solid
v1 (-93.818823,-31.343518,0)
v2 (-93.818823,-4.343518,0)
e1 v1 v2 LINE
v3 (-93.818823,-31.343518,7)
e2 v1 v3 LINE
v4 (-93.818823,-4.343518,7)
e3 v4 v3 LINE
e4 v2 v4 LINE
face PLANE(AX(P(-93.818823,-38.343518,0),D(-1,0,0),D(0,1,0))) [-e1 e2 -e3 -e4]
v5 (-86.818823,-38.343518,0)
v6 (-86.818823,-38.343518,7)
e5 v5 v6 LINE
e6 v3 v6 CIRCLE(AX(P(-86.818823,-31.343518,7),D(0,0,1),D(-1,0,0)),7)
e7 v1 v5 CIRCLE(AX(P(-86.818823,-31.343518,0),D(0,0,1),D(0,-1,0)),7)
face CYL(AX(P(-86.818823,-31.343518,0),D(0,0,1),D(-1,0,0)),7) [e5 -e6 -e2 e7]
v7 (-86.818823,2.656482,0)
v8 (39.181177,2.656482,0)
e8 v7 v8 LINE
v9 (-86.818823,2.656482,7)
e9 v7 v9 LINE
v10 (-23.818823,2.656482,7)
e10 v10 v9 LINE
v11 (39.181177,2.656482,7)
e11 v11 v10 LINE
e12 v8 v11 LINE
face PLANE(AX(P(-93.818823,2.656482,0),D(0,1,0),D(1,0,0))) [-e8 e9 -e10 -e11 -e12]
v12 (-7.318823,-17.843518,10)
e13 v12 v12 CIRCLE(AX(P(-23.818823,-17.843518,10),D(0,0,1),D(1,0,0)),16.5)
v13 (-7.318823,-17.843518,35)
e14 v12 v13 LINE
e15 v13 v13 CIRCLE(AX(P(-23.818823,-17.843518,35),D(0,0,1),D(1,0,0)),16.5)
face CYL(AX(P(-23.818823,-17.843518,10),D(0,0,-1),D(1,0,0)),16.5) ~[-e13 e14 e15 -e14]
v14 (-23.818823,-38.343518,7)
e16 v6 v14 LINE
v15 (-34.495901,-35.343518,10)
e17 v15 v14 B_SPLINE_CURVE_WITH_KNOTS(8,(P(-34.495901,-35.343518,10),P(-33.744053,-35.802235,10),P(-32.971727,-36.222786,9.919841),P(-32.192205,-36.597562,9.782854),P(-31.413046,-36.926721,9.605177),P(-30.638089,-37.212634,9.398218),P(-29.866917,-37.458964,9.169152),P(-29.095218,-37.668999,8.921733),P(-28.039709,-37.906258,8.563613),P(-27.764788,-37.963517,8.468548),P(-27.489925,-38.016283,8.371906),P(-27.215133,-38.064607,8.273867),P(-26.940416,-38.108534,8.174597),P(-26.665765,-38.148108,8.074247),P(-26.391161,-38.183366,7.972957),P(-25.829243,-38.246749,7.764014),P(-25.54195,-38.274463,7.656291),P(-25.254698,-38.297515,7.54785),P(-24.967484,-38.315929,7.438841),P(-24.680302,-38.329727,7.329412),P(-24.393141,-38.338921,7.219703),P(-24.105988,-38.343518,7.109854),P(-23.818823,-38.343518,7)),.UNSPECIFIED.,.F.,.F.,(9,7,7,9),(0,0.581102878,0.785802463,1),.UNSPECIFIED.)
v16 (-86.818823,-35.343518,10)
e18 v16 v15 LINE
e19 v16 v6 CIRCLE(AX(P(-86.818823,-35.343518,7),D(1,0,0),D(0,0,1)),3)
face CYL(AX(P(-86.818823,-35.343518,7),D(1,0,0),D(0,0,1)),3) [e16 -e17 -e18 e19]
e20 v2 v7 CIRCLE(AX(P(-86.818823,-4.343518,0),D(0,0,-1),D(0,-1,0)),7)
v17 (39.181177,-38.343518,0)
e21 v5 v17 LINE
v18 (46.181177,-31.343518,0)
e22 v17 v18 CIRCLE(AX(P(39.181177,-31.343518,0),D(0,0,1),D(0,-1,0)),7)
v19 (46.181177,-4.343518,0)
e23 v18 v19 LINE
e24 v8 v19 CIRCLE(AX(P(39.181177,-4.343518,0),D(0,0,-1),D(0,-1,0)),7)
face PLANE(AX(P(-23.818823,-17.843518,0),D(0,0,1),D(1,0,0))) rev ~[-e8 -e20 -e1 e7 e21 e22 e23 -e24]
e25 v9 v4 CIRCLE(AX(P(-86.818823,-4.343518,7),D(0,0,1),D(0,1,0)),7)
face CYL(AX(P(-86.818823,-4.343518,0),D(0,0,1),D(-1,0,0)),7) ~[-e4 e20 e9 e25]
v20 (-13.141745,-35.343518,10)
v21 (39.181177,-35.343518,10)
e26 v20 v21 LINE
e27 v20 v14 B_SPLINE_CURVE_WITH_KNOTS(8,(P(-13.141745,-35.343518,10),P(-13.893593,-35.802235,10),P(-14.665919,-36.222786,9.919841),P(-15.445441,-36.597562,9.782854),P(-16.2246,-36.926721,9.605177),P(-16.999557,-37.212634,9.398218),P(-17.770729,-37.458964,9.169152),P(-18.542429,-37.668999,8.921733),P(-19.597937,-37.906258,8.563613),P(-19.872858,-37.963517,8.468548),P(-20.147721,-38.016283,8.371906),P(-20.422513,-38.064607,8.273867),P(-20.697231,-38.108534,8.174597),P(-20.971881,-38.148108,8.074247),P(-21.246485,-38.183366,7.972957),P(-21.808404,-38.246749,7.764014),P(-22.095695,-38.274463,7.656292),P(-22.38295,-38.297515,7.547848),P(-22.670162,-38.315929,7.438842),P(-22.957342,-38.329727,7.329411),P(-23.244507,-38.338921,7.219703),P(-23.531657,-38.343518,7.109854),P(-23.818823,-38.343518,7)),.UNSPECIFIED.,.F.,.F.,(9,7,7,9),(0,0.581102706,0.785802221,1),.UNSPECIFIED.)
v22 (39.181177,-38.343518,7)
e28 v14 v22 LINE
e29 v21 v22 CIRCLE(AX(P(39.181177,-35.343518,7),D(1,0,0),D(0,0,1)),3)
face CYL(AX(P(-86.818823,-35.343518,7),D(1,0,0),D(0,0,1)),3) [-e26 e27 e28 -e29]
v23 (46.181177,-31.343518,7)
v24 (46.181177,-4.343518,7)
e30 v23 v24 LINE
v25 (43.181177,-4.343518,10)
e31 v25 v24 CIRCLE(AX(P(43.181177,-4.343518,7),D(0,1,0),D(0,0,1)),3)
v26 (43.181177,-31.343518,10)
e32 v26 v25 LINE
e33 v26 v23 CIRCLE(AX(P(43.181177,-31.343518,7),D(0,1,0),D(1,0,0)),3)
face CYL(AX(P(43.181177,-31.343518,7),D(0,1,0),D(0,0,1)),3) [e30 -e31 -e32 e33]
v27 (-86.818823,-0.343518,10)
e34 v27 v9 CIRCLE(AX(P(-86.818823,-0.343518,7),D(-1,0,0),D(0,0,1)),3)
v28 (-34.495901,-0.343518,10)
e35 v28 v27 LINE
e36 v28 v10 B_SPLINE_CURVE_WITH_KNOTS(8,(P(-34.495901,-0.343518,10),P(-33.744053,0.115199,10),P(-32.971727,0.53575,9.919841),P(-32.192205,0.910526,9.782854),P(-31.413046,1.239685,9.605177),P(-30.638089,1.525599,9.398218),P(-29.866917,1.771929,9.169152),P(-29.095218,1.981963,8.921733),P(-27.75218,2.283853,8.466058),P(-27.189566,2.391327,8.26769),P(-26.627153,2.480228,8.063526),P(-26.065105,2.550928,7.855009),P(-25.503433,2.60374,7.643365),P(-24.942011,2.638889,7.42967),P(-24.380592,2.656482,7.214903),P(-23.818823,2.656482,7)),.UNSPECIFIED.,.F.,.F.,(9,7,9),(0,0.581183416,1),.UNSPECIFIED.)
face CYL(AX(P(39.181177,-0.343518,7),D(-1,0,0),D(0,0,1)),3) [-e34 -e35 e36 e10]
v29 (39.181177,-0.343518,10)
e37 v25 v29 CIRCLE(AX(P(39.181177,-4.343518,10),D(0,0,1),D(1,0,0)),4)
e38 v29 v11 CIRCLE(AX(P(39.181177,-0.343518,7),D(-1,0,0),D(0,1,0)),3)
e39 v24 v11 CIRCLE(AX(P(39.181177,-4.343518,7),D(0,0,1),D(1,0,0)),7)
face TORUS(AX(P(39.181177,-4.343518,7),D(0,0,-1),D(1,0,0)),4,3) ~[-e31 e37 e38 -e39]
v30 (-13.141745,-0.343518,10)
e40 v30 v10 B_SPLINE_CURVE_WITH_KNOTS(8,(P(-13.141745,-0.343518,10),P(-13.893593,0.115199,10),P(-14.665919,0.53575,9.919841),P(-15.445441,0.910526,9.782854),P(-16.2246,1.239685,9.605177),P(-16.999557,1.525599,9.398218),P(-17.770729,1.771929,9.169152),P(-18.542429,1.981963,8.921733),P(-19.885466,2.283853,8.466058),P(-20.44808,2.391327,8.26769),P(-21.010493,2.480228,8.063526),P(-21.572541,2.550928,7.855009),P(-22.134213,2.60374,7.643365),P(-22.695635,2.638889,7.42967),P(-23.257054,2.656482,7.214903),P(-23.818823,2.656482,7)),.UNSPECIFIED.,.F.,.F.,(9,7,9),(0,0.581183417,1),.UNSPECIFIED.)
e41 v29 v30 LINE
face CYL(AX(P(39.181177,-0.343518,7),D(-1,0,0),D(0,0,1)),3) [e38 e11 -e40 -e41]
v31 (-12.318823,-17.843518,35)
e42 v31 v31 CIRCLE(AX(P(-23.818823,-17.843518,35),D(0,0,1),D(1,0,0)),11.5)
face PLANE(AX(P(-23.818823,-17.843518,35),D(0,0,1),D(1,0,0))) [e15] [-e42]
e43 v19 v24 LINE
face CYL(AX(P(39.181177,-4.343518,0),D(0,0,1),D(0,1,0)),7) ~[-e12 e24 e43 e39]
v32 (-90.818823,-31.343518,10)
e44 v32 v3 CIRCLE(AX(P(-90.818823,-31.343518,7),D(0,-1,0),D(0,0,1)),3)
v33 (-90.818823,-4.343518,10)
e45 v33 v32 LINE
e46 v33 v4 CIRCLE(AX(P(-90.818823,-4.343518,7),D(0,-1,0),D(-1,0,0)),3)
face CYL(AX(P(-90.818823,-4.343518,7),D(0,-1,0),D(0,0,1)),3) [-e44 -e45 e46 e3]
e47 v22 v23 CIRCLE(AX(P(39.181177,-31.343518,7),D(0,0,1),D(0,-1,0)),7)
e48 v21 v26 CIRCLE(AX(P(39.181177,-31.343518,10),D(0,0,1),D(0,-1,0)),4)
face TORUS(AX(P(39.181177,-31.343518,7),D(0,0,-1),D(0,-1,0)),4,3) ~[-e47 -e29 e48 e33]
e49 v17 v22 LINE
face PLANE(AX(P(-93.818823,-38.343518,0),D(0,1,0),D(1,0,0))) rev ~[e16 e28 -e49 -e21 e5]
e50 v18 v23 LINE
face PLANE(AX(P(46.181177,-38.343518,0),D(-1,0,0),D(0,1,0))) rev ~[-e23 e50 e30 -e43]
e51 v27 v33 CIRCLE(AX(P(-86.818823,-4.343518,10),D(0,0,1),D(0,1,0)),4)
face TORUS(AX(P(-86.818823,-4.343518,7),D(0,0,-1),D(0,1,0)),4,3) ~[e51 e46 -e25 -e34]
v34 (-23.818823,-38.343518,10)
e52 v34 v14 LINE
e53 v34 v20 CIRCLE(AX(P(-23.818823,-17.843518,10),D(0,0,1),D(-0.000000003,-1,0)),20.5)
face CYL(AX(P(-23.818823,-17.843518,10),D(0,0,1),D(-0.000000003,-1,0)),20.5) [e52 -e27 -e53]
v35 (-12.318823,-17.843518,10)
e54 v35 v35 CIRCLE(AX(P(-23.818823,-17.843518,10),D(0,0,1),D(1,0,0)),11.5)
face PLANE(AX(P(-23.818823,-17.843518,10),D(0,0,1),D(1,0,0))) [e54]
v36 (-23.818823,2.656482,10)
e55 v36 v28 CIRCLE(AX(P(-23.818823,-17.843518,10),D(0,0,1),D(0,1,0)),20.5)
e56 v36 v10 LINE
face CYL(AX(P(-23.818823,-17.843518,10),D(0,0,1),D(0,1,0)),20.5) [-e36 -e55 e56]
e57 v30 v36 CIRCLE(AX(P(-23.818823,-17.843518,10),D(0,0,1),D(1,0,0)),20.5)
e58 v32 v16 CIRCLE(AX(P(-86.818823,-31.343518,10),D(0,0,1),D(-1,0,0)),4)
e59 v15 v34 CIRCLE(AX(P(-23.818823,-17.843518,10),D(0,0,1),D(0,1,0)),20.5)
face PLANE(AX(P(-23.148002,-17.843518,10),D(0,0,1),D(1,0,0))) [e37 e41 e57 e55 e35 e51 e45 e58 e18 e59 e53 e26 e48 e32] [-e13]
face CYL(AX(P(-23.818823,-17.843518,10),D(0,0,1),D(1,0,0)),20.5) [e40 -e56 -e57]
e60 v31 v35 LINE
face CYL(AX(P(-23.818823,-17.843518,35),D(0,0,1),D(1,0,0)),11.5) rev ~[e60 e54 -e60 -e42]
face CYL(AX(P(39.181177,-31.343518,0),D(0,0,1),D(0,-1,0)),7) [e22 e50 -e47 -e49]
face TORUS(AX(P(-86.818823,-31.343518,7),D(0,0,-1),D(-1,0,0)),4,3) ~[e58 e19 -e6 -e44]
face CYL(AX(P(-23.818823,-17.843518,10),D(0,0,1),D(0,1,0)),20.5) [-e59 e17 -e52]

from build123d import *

# Parameters (mm, degrees)
F0_W      = 140
F0_H      = 41
F1_DEPTH  = 10
F3_R      = 16.5
F4_DEPTH  = 25
F5_R      = 11.5
F6_DEPTH  = 25
F8_R      = 7
F9_R      = 3
F11_DEPTH = 5


with BuildPart() as f1:
    # F0 (on Top) → F1 (new body)
    with BuildSketch(Plane.XY):
        with Locations((-23.8188230246, -17.8435179276)):
            Rectangle(F0_W, F0_H)
    extrude(amount=F1_DEPTH)

    # F3 (on face) → F4 (join)
    with BuildSketch(Plane.XY.offset(10)):
        with Locations((-23.8188230246, -17.8435179276)):
            Circle(F3_R)
    extrude(amount=F4_DEPTH)

    # F5 (on face) → F6 (cut)
    with BuildSketch(Plane.XY.offset(35)):
        with Locations((-23.8188230246, -17.8435179276)):
            Circle(F5_R)
    extrude(amount=-F6_DEPTH, mode=Mode.SUBTRACT)

    # F8
    f8_edges = [f1.edges().sort_by_distance(p)[0] for p in [
        (-93.818823, -38.343518, 5),
        (46.181177, -38.343518, 5),
        (46.181177, 2.656482, 5),
        (-93.818823, 2.656482, 5),
    ]]
    fillet(f8_edges, radius=F8_R)

    # F9
    f9_edges = [f1.edges().sort_by_distance(p)[0] for p in [
        (-23.818823, -38.343518, 10),
    ]]
    fillet(f9_edges, radius=F9_R)

    # F10 (on face) → F11 (join)
    with BuildSketch(Plane.XY.offset(10)):
        with BuildLine():
            ThreePointArc((-23.8188230779, -38.3435179276), (-9.3231340291, -32.3392069607), (-3.3188230246, -17.8435179276))
            ThreePointArc((-3.3188230246, -17.8435179276), (-9.3231340103, -3.3478289133), (-23.8188230246, 2.6564820724))
            ThreePointArc((-23.8188230246, 2.6564820724), (-44.3188230246, -17.843517901), (-23.8188230779, -38.3435179276))
        make_face()
    extrude(amount=-F11_DEPTH)


solid = f1.part
